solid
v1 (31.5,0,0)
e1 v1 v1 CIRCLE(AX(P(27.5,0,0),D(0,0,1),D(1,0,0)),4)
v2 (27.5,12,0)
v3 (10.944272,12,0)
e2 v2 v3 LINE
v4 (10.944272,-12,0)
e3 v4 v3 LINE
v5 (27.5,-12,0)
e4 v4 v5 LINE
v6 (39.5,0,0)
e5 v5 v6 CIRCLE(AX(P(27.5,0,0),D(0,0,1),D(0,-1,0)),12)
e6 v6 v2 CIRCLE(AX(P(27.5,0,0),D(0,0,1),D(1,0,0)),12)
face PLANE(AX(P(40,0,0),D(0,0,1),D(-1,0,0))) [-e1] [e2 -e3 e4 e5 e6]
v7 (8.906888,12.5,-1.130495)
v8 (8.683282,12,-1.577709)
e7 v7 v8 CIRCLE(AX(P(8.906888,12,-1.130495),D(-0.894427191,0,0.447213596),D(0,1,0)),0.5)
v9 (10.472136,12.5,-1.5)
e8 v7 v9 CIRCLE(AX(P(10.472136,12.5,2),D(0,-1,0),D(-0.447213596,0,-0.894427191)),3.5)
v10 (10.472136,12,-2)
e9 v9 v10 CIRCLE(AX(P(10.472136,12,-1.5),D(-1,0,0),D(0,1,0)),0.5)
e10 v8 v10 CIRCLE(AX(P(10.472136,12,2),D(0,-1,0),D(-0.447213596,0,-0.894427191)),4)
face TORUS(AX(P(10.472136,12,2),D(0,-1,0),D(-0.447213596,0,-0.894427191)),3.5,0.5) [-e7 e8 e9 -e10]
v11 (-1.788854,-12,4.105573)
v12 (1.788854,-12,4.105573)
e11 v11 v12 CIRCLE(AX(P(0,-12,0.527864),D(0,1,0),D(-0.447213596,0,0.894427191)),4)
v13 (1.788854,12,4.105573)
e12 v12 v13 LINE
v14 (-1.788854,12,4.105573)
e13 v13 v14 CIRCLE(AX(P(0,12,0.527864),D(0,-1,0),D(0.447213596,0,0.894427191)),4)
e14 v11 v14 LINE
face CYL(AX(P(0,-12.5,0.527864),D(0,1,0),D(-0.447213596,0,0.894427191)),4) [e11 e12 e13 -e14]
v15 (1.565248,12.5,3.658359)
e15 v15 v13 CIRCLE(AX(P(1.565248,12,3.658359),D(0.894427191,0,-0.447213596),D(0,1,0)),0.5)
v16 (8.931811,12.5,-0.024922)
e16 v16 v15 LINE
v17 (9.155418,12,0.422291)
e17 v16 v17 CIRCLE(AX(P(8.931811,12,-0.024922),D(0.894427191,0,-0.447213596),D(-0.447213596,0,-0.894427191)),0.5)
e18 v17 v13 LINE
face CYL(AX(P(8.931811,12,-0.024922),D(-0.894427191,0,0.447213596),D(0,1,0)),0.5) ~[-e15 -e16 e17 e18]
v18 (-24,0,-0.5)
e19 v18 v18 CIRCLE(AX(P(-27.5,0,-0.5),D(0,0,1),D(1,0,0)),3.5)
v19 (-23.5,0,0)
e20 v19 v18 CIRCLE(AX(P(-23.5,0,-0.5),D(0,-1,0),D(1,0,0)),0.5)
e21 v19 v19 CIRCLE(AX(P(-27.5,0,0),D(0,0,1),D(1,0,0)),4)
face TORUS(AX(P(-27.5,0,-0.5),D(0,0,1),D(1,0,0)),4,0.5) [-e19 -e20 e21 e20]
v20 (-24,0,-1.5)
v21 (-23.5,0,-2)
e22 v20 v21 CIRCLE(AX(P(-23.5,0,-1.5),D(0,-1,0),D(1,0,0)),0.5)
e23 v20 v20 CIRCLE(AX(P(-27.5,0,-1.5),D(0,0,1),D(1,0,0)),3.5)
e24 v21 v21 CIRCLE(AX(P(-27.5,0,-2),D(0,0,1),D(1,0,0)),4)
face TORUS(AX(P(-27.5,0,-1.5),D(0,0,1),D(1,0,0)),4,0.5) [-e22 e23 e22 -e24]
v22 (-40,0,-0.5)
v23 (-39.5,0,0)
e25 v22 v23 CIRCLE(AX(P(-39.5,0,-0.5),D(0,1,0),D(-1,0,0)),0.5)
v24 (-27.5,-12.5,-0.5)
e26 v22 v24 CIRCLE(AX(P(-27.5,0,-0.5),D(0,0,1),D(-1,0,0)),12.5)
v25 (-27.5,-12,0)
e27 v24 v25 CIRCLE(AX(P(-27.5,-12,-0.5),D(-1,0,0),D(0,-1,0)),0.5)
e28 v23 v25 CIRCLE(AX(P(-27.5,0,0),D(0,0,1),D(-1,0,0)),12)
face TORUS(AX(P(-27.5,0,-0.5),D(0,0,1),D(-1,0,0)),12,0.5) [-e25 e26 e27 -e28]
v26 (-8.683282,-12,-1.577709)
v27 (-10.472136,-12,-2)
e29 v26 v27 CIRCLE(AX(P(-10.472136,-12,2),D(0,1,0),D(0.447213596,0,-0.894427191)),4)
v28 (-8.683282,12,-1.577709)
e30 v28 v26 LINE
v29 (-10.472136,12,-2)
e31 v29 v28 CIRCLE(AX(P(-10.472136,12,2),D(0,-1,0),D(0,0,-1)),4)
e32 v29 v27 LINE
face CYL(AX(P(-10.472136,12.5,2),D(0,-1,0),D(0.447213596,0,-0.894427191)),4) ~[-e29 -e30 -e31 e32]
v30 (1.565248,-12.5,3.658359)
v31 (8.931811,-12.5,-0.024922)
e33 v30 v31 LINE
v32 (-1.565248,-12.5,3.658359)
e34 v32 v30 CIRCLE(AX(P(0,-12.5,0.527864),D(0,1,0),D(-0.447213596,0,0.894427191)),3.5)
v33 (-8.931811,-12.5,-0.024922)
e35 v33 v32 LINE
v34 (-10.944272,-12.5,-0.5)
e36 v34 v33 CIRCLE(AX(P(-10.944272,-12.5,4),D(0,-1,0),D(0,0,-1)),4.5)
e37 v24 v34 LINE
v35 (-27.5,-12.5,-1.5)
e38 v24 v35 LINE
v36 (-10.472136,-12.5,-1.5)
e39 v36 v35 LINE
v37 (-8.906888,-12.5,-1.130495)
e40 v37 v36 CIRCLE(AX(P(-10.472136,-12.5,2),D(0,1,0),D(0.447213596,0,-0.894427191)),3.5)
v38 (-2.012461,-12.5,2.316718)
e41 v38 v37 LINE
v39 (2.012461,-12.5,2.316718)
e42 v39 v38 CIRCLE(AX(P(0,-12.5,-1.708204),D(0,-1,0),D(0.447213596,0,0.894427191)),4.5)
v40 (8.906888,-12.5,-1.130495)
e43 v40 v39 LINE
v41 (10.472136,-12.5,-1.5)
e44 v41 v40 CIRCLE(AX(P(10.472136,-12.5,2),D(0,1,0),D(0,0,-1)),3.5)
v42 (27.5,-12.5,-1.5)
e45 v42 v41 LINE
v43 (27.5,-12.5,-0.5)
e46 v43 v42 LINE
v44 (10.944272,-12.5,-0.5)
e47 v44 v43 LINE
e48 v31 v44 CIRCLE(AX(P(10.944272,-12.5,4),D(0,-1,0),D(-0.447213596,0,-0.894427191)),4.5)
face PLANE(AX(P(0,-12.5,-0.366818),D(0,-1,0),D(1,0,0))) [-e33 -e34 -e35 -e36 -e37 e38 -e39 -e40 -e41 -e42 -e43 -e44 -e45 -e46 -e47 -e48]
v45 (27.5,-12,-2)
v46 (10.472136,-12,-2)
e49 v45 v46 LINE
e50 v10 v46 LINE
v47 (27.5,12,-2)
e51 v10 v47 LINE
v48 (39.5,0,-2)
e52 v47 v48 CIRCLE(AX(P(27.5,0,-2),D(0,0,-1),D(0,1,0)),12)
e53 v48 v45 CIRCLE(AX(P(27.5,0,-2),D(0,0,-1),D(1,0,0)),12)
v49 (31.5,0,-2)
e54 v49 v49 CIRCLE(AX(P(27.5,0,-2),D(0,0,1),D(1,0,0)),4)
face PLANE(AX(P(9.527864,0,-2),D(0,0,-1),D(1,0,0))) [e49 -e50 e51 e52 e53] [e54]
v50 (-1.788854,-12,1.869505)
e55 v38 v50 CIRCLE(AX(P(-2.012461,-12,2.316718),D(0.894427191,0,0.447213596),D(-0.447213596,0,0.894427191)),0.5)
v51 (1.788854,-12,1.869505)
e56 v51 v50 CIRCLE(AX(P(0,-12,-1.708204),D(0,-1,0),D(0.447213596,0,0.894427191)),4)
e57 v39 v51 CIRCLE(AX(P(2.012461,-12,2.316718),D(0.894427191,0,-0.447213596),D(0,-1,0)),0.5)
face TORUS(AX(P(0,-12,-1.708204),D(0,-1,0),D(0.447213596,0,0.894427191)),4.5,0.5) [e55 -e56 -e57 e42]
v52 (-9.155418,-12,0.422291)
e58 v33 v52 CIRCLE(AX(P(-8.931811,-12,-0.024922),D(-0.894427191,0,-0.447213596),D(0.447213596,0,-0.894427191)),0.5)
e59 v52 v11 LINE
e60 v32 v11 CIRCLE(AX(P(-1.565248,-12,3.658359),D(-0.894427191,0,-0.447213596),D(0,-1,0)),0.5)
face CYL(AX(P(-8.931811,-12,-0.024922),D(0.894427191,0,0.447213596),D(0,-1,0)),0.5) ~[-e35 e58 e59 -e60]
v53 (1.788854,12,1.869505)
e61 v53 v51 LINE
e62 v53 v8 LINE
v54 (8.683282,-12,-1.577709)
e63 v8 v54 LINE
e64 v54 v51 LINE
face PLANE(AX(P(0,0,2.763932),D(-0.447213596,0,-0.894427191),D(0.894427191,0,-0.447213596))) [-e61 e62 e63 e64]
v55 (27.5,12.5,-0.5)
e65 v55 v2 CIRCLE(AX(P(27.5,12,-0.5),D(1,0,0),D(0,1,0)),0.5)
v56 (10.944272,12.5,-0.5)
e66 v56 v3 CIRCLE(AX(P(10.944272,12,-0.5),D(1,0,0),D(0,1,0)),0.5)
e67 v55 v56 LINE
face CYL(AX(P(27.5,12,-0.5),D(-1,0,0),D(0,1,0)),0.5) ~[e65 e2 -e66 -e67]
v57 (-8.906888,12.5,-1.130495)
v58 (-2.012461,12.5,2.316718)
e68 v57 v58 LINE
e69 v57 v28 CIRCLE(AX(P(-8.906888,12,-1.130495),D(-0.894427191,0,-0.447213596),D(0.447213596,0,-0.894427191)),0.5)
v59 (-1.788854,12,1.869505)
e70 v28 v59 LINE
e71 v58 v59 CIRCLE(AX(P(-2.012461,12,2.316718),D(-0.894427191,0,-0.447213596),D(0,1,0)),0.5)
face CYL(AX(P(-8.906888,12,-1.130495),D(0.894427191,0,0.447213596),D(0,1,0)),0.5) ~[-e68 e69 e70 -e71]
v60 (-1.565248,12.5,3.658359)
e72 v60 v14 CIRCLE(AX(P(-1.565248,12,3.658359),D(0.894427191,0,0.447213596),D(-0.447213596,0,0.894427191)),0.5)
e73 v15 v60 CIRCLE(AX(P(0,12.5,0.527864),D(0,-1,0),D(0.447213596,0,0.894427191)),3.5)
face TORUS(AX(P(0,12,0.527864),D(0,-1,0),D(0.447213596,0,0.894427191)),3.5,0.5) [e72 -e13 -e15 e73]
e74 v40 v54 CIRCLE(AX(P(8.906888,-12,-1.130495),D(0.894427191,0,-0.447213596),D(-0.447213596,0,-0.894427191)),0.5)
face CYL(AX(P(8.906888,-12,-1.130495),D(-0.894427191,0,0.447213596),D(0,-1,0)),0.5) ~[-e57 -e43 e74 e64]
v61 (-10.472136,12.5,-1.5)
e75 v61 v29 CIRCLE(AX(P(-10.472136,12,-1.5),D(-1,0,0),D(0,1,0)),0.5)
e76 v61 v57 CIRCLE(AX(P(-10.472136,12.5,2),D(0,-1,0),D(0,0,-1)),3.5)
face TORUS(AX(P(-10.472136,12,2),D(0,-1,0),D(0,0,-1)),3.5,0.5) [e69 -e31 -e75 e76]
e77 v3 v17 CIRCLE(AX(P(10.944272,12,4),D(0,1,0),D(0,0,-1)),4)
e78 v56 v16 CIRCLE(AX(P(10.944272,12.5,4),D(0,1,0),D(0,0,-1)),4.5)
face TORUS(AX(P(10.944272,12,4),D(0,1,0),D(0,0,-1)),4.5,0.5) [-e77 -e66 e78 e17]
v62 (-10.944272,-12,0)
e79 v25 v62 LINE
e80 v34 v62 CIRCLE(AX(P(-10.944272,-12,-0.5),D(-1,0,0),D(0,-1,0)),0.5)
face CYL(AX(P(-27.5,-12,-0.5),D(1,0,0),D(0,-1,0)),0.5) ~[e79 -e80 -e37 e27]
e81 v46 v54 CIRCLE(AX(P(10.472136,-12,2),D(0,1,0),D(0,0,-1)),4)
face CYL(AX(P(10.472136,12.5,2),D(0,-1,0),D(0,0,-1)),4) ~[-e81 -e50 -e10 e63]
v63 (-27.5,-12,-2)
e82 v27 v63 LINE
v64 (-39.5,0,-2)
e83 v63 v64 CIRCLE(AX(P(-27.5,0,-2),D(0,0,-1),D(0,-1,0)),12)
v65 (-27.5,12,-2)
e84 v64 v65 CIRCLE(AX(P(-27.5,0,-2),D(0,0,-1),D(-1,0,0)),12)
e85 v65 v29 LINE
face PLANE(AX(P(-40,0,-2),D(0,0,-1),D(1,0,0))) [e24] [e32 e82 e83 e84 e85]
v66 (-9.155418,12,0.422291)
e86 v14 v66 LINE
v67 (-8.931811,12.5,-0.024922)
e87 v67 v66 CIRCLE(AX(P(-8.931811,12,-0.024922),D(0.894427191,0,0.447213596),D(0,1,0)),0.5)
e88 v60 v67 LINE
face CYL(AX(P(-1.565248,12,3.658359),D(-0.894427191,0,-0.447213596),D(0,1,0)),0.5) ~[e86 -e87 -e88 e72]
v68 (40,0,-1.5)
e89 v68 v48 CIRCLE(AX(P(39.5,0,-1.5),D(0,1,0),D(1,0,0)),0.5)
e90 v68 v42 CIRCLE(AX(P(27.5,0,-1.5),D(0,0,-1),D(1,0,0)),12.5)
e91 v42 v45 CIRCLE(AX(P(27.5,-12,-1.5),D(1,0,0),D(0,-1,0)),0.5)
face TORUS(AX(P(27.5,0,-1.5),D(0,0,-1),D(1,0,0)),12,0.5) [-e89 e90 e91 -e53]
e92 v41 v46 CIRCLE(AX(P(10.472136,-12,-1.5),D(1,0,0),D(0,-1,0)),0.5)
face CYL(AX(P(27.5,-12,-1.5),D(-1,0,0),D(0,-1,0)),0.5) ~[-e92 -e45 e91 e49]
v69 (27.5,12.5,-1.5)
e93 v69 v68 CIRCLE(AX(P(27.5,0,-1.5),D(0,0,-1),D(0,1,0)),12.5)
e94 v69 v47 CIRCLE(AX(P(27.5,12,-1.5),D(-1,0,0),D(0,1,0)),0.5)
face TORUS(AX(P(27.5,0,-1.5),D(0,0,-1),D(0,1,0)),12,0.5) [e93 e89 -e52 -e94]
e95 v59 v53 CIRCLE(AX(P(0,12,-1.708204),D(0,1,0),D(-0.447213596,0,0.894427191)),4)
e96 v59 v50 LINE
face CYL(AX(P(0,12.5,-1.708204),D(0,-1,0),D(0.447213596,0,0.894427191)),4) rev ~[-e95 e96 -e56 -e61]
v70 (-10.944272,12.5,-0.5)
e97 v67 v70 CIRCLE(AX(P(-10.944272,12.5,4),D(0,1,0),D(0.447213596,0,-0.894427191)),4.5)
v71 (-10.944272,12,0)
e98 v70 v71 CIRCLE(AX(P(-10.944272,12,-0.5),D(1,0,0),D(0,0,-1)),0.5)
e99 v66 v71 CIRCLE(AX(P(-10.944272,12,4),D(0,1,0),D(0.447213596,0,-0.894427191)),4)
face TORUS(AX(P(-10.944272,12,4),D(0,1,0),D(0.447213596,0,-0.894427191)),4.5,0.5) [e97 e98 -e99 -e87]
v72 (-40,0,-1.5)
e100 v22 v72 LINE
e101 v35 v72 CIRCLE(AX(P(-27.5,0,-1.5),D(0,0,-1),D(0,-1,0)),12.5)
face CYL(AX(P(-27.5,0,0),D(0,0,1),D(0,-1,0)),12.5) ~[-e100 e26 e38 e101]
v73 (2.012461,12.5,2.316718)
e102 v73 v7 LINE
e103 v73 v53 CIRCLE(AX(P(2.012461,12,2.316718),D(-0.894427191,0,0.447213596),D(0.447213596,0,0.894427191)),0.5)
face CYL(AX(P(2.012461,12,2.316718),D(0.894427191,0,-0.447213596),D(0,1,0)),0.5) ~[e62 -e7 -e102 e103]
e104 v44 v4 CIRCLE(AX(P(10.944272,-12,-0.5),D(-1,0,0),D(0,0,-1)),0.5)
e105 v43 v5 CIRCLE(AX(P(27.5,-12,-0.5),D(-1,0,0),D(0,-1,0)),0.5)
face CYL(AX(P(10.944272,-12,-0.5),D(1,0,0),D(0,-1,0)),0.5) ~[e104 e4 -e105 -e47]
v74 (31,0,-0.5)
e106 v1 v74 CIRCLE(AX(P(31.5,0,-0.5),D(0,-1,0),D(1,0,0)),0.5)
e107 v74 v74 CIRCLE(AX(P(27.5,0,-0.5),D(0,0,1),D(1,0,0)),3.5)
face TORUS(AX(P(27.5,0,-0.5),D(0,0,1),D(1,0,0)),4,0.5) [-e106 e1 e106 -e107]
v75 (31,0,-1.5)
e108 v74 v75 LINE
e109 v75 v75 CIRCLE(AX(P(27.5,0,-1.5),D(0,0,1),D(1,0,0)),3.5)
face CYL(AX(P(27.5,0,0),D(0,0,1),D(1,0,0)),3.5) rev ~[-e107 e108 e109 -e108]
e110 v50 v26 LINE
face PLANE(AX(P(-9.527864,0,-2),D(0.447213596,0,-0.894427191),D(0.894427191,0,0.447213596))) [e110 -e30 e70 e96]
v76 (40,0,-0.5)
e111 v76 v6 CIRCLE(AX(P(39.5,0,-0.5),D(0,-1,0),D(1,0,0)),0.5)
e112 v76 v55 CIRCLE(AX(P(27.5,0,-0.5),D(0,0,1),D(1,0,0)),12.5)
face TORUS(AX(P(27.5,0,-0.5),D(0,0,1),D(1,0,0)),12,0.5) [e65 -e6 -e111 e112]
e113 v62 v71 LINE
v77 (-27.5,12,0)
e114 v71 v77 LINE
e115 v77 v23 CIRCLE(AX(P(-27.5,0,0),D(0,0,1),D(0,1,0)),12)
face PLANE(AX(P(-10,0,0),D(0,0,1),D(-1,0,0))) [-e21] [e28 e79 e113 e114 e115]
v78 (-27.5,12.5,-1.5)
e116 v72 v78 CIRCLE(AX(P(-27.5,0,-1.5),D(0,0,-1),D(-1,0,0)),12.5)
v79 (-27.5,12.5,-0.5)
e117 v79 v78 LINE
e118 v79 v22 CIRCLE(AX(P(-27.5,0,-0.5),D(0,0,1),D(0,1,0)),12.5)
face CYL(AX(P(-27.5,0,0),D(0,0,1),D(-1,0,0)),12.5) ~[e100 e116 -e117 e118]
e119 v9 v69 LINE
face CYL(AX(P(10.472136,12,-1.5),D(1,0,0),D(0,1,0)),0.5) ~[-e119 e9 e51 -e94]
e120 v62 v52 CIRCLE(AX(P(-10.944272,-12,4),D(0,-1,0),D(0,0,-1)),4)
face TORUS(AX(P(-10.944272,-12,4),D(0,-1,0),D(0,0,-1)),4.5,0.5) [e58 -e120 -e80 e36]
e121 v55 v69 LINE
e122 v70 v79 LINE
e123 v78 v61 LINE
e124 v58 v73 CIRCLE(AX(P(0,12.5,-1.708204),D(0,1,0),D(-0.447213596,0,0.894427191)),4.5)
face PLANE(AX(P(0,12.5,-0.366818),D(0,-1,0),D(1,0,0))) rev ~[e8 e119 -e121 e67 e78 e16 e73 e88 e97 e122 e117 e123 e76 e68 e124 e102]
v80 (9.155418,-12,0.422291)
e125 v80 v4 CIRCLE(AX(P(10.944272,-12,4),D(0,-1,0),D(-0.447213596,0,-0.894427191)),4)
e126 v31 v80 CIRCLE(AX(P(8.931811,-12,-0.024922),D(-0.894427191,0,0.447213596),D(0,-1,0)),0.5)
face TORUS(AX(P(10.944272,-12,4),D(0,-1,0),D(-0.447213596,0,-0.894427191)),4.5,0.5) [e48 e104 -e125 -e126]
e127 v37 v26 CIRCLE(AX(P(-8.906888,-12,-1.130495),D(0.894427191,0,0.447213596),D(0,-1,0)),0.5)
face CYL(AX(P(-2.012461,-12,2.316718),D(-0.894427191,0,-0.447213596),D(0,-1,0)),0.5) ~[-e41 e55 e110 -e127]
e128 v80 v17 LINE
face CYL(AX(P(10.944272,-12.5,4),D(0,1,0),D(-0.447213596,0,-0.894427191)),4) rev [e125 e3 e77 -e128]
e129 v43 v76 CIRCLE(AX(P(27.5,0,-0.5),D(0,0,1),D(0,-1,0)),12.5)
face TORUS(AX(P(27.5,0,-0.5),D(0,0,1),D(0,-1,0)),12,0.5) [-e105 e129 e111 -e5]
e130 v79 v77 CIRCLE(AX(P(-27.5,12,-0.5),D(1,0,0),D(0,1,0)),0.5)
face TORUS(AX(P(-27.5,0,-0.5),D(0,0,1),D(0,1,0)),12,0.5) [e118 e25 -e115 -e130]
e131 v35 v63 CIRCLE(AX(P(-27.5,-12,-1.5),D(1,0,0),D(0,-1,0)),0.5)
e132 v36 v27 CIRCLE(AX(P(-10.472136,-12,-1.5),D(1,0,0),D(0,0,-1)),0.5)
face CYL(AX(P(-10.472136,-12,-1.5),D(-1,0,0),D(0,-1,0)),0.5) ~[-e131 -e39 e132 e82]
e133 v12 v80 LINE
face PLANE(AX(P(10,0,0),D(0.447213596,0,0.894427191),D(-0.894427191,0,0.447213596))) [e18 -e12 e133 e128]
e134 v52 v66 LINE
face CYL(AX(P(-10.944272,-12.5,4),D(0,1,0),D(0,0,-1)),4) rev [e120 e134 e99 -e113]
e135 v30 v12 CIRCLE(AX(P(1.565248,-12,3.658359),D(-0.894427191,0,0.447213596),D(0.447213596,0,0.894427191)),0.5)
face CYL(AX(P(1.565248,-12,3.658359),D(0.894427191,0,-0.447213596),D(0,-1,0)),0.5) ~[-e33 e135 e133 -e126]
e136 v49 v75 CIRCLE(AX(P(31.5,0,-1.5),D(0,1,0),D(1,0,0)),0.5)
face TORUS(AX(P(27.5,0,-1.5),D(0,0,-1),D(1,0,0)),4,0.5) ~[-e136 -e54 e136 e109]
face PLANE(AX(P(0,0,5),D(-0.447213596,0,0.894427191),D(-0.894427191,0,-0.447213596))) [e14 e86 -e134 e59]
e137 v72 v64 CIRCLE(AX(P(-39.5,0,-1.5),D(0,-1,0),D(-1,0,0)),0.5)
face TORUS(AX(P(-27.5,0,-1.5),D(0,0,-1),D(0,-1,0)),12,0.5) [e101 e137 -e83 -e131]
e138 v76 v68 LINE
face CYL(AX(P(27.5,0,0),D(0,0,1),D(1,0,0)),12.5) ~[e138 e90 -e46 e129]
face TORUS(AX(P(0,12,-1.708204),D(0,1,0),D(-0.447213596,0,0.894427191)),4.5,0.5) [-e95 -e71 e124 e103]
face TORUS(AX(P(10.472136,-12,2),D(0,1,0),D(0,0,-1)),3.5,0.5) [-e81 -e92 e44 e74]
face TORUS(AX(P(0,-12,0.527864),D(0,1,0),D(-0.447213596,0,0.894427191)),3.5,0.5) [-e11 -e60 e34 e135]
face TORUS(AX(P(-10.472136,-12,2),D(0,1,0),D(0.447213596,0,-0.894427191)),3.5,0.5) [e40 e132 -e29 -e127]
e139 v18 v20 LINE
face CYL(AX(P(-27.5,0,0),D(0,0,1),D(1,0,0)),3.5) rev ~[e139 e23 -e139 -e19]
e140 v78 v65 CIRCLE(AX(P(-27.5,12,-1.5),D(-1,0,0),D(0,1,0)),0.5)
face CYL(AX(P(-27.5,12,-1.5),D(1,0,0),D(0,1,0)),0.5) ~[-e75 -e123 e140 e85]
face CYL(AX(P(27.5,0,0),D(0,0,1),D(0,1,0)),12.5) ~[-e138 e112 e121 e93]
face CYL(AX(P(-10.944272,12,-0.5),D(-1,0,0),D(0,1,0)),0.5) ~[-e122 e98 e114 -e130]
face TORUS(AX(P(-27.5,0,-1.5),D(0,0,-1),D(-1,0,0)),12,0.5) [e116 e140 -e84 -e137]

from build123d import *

# Parameters (mm, degrees)
F1_DEPTH = 12.5
F2_R     = 3.5
F3_DEPTH = 2.001000095
F6_DEPTH = 2.001000095
F7_R     = 4
F8_R     = 0.5


with BuildPart() as f1:
    # F0 (on Front) → F1 (new body, symmetric)
    with BuildSketch(Plane.XZ):
        Polygon((-10, 0), (-40, 0), (-40, -2.000000095), (-9.5278640226, -2.000000095), (0, 2.7639319163), (9.5278640226, -2.000000095), (40, -2.000000095), (40, 0), (10, 0), (0, 5), align=None)
    extrude(amount=F1_DEPTH, both=True)

    # F2 (on Top) → F3 (cut, through all)
    with BuildSketch(Plane.XY):
        with Locations((-27.5, 0)):
            Circle(F2_R)
        with Locations((27.5, 0)):
            Circle(F2_R)
    extrude(amount=-F3_DEPTH, mode=Mode.SUBTRACT)

    # F4 (on face) + F5 (on face) → F6 (cut, through all)
    with BuildSketch(Plane.XY):
        with BuildLine():
            Line((-40, -12.5), (-27.5, -12.5))
            ThreePointArc((-27.5, -12.5), (-36.3388347648, -8.8388347648), (-40, 0))
            Line((-40, 0), (-40, -12.5))
        make_face()
        with BuildLine():
            ThreePointArc((-40, 0), (-36.3388347648, 8.8388347648), (-27.5, 12.5))
            Line((-27.5, 12.5), (-40, 12.5))
            Line((-40, 12.5), (-40, 0))
        make_face()
    with BuildSketch(Plane.XY):
        with BuildLine():
            Line((40, -12.5), (40, 0))
            ThreePointArc((40, 0), (36.3388347648, -8.8388347648), (27.5, -12.5))
            Line((27.5, -12.5), (40, -12.5))
        make_face()
        with BuildLine():
            ThreePointArc((27.5, 12.5), (36.3388347648, 8.8388347648), (40, 0))
            Line((40, 0), (40, 12.5))
            Line((40, 12.5), (27.5, 12.5))
        make_face()
    extrude(amount=-F6_DEPTH, mode=Mode.SUBTRACT)

    # F7
    f7_edges = [f1.edges().sort_by_distance(p)[0] for p in [
        (0, 0, 5),
        (10, 0, 0),
        (-10, 0, 0),
        (0, 0, 2.763932),
        (9.527864, 0, -2),
        (-9.527864, 0, -2),
    ]]
    fillet(f7_edges, radius=F7_R)

    # F8
    f8_edges = [f1.edges().sort_by_distance(p)[0] for p in [
        (19.222136, 12.5, 0),
        (18.986068, 12.5, -2),
        (24, 0, -2),
        (-31, 0, -2),
        (-31, 0, 0),
        (24, 0, 0),
    ]]
    fillet(f8_edges, radius=F8_R)


solid = f1.part
